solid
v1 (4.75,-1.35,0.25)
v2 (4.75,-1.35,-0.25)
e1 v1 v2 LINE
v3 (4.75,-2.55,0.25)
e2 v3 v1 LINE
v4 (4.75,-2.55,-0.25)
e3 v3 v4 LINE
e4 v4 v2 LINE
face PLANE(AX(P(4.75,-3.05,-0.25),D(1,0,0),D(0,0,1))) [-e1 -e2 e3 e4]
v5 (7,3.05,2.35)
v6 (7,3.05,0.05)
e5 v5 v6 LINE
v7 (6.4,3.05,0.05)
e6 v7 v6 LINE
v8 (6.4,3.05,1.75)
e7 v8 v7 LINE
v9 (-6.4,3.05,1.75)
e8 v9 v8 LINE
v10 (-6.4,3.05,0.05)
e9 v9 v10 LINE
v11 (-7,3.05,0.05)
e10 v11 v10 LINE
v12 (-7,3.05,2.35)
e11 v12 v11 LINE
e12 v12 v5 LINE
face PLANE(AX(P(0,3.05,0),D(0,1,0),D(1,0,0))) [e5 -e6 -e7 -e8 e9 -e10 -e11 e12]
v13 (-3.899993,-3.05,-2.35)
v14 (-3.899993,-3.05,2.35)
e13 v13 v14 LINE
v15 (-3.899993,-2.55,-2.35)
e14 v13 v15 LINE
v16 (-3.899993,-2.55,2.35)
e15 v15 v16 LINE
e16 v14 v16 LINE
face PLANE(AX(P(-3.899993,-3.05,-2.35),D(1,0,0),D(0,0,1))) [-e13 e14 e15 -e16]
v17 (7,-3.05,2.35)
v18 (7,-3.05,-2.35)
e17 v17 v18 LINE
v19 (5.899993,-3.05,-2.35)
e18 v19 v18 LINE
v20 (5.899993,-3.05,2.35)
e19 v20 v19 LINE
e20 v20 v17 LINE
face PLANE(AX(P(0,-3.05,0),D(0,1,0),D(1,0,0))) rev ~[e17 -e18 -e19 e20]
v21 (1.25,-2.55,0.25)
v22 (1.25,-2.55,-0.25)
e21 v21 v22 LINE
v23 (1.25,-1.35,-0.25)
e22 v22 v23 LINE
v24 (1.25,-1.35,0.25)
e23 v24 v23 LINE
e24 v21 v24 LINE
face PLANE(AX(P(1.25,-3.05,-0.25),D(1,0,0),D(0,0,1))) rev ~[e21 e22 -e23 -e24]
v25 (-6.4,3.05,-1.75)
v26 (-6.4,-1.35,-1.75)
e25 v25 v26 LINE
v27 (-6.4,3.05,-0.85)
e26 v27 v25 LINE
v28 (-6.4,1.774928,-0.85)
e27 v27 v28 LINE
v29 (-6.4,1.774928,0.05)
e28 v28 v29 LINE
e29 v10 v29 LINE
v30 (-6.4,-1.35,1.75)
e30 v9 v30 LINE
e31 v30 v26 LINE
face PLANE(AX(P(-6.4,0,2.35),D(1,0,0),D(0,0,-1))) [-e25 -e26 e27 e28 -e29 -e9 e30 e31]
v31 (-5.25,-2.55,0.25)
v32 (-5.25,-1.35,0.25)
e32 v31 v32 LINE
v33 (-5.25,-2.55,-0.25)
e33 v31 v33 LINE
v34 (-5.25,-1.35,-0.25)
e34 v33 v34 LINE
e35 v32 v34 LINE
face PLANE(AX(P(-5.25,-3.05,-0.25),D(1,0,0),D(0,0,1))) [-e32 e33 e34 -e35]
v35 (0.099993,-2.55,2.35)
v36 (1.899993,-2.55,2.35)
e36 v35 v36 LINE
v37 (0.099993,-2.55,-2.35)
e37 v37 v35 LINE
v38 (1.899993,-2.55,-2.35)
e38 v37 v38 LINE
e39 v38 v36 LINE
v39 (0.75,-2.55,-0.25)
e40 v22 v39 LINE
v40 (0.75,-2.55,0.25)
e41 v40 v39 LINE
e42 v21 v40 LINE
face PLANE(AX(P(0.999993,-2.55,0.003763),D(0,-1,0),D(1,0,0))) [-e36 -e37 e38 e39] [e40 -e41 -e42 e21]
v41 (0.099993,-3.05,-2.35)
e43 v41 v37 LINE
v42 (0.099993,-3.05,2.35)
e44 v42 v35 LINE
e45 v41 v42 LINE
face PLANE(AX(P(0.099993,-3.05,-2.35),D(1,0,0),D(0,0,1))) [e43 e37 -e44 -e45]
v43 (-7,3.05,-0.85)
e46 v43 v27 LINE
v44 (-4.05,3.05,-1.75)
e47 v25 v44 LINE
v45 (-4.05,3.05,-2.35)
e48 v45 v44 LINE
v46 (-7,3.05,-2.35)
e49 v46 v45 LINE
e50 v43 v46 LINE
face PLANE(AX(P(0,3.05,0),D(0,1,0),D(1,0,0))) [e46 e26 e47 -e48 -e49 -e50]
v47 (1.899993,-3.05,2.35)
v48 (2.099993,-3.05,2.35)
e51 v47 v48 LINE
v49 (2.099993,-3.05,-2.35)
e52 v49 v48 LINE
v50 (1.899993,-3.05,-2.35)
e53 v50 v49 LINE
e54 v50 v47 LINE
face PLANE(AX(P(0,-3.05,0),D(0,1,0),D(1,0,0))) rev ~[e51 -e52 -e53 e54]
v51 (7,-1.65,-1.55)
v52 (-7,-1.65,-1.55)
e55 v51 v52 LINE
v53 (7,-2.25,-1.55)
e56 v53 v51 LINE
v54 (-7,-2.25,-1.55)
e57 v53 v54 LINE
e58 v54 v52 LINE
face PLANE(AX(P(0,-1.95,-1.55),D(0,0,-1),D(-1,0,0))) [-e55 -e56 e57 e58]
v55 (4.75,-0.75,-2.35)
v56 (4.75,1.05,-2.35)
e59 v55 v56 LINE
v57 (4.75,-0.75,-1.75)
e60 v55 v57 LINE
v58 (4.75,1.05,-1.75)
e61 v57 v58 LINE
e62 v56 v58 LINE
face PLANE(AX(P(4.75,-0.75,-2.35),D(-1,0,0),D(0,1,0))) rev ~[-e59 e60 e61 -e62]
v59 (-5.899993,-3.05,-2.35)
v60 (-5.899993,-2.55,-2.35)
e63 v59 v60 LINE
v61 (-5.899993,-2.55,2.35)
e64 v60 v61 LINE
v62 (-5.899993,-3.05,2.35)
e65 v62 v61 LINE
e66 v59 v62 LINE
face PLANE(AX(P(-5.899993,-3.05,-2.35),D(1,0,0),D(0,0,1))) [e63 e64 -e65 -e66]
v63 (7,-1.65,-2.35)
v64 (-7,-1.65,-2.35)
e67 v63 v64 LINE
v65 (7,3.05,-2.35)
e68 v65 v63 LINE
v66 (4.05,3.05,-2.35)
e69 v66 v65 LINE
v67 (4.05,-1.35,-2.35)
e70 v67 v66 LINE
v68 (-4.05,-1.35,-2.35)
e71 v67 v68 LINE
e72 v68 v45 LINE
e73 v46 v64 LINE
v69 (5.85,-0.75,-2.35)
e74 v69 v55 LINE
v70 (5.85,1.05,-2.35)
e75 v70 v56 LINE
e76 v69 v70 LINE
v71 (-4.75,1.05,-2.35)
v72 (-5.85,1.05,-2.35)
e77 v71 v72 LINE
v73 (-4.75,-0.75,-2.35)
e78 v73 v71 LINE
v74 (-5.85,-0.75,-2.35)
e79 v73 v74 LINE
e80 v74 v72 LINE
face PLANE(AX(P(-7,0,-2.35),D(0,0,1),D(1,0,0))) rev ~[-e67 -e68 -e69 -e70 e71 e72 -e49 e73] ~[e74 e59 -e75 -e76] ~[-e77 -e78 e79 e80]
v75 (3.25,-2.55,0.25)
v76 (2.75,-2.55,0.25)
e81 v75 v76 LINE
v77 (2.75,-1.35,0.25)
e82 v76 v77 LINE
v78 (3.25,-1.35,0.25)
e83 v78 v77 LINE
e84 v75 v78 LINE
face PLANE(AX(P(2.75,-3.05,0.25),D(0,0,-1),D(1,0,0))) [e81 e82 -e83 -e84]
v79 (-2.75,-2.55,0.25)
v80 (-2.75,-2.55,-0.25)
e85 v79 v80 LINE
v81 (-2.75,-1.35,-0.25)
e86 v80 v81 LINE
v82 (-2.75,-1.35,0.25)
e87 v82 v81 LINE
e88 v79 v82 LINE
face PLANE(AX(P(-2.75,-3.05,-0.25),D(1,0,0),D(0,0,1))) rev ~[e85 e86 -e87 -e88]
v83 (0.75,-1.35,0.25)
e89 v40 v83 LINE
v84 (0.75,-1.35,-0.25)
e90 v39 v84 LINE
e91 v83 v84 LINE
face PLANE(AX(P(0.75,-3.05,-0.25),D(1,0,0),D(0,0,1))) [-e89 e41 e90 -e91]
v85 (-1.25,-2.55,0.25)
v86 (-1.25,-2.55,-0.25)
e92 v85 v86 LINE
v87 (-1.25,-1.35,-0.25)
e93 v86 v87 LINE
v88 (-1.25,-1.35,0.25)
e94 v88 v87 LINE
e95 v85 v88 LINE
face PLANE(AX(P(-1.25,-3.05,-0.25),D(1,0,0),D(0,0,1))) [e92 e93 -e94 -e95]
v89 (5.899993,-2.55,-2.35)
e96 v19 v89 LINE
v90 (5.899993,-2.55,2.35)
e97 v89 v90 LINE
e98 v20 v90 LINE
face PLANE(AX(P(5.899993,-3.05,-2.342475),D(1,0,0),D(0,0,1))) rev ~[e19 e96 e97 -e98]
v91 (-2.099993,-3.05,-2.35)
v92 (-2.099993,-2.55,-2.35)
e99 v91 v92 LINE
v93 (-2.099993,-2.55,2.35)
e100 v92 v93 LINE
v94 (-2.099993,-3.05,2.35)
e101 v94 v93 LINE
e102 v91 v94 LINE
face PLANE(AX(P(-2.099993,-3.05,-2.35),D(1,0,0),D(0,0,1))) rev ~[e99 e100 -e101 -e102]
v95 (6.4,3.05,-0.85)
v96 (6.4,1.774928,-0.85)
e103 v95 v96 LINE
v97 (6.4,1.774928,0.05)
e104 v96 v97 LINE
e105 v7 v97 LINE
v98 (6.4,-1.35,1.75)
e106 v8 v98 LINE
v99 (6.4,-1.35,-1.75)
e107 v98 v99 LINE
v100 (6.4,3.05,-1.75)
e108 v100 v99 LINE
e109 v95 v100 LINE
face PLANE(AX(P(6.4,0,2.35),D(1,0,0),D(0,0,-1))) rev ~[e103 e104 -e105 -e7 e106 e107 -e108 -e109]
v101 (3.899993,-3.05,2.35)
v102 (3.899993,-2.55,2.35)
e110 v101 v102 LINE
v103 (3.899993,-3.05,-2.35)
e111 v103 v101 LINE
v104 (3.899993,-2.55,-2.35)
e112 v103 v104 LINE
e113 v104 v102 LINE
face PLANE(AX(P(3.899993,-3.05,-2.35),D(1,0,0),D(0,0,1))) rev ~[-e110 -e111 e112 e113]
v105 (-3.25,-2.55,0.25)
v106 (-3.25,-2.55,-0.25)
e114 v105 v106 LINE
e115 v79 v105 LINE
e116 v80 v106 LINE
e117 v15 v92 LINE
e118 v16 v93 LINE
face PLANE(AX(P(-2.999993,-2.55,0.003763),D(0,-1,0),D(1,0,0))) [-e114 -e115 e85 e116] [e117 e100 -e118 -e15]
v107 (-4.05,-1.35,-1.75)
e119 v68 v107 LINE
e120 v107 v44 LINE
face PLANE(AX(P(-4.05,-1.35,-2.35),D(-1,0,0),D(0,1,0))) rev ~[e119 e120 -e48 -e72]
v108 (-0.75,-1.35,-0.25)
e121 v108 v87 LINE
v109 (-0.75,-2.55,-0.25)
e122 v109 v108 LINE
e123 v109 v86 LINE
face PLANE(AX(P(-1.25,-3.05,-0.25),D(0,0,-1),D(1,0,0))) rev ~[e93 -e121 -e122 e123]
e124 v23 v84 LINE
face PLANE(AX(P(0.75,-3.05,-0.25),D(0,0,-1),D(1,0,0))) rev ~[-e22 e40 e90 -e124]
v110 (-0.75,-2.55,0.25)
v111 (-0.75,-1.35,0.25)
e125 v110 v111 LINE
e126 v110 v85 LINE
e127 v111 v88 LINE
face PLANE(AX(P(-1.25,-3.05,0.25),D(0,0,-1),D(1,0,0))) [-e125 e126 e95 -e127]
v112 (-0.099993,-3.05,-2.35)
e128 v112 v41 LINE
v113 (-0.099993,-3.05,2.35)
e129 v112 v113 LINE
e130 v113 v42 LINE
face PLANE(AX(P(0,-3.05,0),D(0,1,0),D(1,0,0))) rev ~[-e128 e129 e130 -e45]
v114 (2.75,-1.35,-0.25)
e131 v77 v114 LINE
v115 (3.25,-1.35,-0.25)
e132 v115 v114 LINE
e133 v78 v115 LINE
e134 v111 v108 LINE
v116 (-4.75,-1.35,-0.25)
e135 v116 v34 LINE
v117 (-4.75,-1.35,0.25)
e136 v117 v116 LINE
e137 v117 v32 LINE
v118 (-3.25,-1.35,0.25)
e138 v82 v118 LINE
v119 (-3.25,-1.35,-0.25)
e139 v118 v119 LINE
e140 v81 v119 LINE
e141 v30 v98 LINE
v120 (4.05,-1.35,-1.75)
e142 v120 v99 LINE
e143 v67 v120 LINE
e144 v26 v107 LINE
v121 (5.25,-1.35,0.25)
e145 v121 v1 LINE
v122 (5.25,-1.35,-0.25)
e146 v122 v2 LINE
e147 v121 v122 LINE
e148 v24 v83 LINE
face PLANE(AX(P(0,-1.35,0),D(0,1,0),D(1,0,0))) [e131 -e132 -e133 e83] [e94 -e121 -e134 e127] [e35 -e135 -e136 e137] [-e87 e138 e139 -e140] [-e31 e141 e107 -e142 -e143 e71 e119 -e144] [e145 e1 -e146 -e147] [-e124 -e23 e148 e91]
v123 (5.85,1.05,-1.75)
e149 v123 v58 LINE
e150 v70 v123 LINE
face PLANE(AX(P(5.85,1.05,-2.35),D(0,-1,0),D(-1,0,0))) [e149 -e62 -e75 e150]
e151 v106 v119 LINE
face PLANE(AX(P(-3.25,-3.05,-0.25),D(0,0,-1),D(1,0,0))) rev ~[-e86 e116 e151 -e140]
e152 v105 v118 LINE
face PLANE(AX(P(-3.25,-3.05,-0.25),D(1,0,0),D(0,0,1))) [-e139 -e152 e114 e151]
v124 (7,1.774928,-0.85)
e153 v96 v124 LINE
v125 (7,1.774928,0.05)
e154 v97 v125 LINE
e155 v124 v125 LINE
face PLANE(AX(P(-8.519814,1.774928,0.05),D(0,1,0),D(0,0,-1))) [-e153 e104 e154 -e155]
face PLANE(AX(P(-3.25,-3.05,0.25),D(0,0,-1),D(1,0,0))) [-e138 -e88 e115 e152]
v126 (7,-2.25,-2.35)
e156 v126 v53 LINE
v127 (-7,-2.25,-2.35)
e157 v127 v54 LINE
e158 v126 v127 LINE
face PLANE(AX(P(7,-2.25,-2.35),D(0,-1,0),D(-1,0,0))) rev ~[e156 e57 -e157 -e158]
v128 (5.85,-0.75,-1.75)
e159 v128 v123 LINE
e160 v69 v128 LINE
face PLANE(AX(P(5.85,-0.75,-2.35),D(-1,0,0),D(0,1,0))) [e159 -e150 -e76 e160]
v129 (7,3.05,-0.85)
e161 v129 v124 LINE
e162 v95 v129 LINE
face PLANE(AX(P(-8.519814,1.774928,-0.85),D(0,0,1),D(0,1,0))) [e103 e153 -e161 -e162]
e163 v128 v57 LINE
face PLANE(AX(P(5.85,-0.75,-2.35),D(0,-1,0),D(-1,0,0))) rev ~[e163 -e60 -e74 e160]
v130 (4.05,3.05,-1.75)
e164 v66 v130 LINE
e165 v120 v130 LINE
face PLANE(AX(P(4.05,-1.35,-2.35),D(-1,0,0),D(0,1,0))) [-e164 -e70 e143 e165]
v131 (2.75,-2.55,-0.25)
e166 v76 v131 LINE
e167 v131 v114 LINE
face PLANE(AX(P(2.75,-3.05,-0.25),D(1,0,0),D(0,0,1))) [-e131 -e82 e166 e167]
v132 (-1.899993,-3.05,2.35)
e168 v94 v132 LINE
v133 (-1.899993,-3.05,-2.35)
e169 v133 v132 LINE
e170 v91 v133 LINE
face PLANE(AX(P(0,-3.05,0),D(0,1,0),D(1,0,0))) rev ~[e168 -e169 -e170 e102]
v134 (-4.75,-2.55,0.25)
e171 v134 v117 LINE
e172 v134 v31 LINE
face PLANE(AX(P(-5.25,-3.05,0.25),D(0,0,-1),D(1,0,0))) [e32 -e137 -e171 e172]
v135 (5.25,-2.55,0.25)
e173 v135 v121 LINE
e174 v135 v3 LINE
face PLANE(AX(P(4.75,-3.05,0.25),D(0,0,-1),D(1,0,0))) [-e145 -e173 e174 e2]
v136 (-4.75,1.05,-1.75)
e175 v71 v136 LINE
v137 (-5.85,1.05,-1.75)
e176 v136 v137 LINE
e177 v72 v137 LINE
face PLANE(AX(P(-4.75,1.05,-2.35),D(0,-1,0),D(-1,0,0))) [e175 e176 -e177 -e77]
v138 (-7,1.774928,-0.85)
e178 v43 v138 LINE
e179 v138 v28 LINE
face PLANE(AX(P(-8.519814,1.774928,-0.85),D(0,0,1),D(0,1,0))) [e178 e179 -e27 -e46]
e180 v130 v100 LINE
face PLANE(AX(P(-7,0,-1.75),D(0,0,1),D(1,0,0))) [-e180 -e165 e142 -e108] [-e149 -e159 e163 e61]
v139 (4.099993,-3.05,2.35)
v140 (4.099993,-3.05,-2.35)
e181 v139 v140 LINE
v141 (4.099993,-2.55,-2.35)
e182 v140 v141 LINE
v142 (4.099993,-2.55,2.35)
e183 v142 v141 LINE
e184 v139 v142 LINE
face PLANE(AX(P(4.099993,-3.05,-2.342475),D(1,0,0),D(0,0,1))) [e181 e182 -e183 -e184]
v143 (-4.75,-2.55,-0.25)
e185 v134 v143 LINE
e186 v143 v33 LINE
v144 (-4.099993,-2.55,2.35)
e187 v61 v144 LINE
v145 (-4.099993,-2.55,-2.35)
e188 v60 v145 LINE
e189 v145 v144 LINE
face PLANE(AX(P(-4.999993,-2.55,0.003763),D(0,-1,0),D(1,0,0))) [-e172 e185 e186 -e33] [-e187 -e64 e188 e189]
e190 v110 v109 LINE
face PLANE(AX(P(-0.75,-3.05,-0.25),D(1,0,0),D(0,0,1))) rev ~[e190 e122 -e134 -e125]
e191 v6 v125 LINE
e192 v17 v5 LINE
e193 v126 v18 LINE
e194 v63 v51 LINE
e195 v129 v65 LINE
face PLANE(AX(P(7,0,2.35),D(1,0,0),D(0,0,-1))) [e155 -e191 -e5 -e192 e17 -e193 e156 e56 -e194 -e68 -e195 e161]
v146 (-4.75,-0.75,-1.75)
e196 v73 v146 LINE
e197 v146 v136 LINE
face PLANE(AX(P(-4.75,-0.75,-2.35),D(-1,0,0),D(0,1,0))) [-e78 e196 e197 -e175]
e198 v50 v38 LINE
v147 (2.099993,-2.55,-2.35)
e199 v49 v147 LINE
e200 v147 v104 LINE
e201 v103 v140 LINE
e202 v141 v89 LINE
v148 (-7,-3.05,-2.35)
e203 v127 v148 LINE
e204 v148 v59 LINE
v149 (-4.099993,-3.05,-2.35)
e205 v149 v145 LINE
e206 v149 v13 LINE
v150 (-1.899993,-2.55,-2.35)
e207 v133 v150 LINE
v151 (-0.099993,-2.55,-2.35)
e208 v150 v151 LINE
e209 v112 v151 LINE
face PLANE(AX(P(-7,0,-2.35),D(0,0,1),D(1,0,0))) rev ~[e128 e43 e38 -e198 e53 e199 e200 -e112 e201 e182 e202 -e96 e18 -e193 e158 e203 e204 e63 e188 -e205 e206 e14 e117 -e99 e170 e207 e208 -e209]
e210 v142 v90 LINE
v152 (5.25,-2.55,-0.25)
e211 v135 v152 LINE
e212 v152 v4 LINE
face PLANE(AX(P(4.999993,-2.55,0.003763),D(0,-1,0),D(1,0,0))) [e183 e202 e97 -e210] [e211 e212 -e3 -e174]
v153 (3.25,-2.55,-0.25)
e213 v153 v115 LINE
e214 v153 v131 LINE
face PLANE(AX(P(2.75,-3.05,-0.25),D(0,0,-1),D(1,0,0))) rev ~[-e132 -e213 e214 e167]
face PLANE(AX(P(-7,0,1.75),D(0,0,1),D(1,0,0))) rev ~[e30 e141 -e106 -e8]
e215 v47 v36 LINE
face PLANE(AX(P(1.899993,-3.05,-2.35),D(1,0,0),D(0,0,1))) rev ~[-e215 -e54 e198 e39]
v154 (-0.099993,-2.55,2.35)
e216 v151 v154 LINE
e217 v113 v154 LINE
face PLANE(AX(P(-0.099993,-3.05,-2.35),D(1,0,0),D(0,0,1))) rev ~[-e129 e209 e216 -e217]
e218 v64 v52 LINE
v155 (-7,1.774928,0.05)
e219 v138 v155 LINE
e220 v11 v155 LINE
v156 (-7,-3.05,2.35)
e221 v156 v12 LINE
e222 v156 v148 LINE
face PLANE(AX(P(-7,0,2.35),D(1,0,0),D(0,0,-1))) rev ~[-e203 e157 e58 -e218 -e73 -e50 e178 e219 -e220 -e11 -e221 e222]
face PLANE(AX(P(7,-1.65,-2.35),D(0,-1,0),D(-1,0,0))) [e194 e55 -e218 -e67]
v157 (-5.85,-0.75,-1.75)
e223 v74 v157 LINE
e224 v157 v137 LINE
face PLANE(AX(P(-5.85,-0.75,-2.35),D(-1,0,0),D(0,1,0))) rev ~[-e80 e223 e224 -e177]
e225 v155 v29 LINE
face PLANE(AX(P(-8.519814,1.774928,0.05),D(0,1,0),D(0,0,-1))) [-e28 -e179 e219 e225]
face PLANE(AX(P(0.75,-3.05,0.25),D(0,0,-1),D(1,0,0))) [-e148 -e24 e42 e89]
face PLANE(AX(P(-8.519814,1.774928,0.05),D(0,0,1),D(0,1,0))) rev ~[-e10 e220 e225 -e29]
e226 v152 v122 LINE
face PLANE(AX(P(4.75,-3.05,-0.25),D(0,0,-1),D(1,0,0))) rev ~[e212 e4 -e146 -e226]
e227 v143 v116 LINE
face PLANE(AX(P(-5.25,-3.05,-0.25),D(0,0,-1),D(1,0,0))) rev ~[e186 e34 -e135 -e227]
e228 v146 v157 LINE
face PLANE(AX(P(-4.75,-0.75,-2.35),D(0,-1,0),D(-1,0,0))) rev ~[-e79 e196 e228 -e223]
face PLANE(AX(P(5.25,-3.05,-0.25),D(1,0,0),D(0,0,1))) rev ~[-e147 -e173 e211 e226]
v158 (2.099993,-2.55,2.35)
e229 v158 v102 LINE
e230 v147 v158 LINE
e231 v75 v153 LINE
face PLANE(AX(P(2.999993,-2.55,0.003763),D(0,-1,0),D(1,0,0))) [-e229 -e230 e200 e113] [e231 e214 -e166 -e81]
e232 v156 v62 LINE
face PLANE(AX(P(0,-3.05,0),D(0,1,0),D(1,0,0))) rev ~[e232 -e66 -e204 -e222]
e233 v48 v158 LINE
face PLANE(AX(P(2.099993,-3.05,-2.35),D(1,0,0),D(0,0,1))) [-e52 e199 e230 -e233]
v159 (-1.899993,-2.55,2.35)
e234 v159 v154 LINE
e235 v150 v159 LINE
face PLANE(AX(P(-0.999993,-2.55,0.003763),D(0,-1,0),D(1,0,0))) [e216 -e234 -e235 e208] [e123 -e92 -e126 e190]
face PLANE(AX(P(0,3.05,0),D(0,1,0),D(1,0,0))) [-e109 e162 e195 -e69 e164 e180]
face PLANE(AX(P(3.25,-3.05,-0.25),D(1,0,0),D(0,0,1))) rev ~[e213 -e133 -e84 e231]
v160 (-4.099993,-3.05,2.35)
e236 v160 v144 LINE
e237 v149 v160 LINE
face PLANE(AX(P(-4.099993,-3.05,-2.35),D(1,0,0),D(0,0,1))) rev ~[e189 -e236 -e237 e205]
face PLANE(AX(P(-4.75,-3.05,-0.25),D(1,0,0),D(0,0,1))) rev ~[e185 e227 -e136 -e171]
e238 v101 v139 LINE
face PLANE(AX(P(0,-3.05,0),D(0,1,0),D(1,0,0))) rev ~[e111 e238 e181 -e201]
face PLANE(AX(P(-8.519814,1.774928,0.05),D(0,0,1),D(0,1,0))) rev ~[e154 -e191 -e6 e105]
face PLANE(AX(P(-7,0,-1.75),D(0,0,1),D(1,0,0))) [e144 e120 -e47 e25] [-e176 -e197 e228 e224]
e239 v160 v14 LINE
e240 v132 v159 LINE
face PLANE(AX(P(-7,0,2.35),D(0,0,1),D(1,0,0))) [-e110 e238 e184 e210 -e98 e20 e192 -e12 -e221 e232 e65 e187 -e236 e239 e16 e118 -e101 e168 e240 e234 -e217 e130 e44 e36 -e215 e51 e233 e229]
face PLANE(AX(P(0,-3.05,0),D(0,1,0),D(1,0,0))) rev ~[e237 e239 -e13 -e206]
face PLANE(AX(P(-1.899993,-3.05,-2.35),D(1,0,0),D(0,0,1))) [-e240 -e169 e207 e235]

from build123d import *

# Parameters (mm, degrees)
ESBO_O1_W                  = 14
ESBO_O1_H                  = 4.7
RESSALTO_EXTRUS_O1_DEPTH   = 3.05
CASCA1_T                   = -0.6
ESBO_O2_W                  = 8.1
ESBO_O2_H                  = 4.4
ESBO_O2_W_2                = 1.1
ESBO_O2_H_2                = 1.8
CORTE_EXTRUS_O1_DEPTH      = 0.6
ESBO_O3_W                  = 12.8
ESBO_O3_H                  = 3.5
RESSALTO_EXTRUS_O2_DEPTH   = 1.1
ESBO_O4_W                  = 14
ESBO_O4_H                  = 0.6
CORTE_EXTRUS_O2_DEPTH      = 0.8
CORTE_EXTRUS_O3_DEPTH      = 15.519814048
CORTE_EXTRUS_O3_DEPTH_BACK = 15.519814048
ESBO_O5_W                  = 0.9
ESBO_O5_H                  = 1.275071612
ESBO_O8_W                  = 0.5
ESBO_O8_H                  = 0.5
CORTE_EXTRUS_O5_DEPTH      = 10.577708494
ESBO_O9_W                  = 1.8
ESBO_O9_H                  = 4.707525417
ESBO_O9_H_2                = 4.692474583
CORTE_EXTRUS_O6_DEPTH      = 0.5
ESBO_O10_W                 = 1.8
ESBO_O10_H                 = 0.5
CORTE_EXTRUS_O7_DEPTH      = 9.962244011


with BuildPart() as part:
    # Esboço1 → Ressalto-extrusão1 (new, symmetric)
    with BuildSketch(Plane(origin=(0, 0, 0), x_dir=(1, 0, 0), z_dir=(0, 1, 0))):
        Rectangle(ESBO_O1_W, ESBO_O1_H)
    extrude(amount=RESSALTO_EXTRUS_O1_DEPTH, both=True)

    # Casca1
    casca1_openings = [part.faces().sort_by_distance(p)[0] for p in [
        (0, 3.05, 0),
    ]]
    offset(amount=CASCA1_T, openings=casca1_openings, kind=Kind.INTERSECTION)

    # Esboço2 → Corte-extrusão1 (cut)
    with BuildSketch(Plane(origin=(0, 0, -2.35), x_dir=(-1, 0, 0), z_dir=(0, 0, -1))):
        with Locations((0, 0.85)):
            Rectangle(ESBO_O2_W, ESBO_O2_H)
        with Locations((5.3, 0.15)):
            Rectangle(ESBO_O2_W_2, ESBO_O2_H_2)
        with Locations((-5.3, 0.15)):
            Rectangle(ESBO_O2_W_2, ESBO_O2_H_2)
    extrude(amount=-CORTE_EXTRUS_O1_DEPTH, mode=Mode.SUBTRACT)

    # Esboço3 → Ressalto-extrusão2 (add)
    with BuildSketch(Plane(origin=(0, -2.45, 0), x_dir=(1, 0, 0), z_dir=(0, 1, 0))):
        Rectangle(ESBO_O3_W, ESBO_O3_H)
    extrude(amount=RESSALTO_EXTRUS_O2_DEPTH)

    # Esboço4 → Corte-extrusão2 (cut)
    with BuildSketch(Plane(origin=(0, 0, -2.35), x_dir=(-1, 0, 0), z_dir=(0, 0, -1))):
        with Locations((0, -1.95)):
            Rectangle(ESBO_O4_W, ESBO_O4_H)
    extrude(amount=-CORTE_EXTRUS_O2_DEPTH, mode=Mode.SUBTRACT)

    # Esboço5 → Corte-extrusão3 (cut, two sides: drawn at the far end of the back side and taken through both)
    with BuildSketch(Plane(origin=(7, 0, 0), x_dir=(0, 0, -1), z_dir=(1, 0, 0)).offset(-CORTE_EXTRUS_O3_DEPTH_BACK)):
        with Locations((0.4, 2.412464194)):
            Rectangle(ESBO_O5_W, ESBO_O5_H)
    extrude(amount=CORTE_EXTRUS_O3_DEPTH + CORTE_EXTRUS_O3_DEPTH_BACK, mode=Mode.SUBTRACT)

    # Esboço8 → Corte-extrusão5 (cut, through all)
    with BuildSketch(Plane.XZ.offset(3.05)):
        with Locations((-3, 0)):
            Rectangle(ESBO_O8_W, ESBO_O8_H)
        with Locations((-5, 0)):
            Rectangle(ESBO_O8_W, ESBO_O8_H)
        with Locations((-1, 0)):
            Rectangle(ESBO_O8_W, ESBO_O8_H)
        with Locations((1, 0)):
            Rectangle(ESBO_O8_W, ESBO_O8_H)
        with Locations((3, 0)):
            Rectangle(ESBO_O8_W, ESBO_O8_H)
        with Locations((5, 0)):
            Rectangle(ESBO_O8_W, ESBO_O8_H)
    extrude(amount=-CORTE_EXTRUS_O5_DEPTH, mode=Mode.SUBTRACT)

    # Esboço9 → Corte-extrusão6 (cut)
    with BuildSketch(Plane.XZ.offset(3.05)):
        with Locations((-4.999992921, 0.003762709)):
            Rectangle(ESBO_O9_W, ESBO_O9_H)
        with Locations((-2.999992921, 0.003762709)):
            Rectangle(ESBO_O9_W, ESBO_O9_H)
        with Locations((-0.999992921, 0.003762709)):
            Rectangle(ESBO_O9_W, ESBO_O9_H)
        with Locations((0.999992921, 0.003762709)):
            Rectangle(ESBO_O9_W, ESBO_O9_H)
        with Locations((2.999992921, 0.003762709)):
            Rectangle(ESBO_O9_W, ESBO_O9_H)
        with Locations((4.999992921, 0.003762709)):
            Rectangle(ESBO_O9_W, ESBO_O9_H_2)
    extrude(amount=-CORTE_EXTRUS_O6_DEPTH, mode=Mode.SUBTRACT)

    # Esboço10 → Corte-extrusão7 (cut, through all)
    with BuildSketch(Plane.XY.offset(-2.342474583)):
        with Locations((4.999992921, -2.8)):
            Rectangle(ESBO_O10_W, ESBO_O10_H)
    extrude(amount=-CORTE_EXTRUS_O7_DEPTH, mode=Mode.SUBTRACT)


solid = part.part
